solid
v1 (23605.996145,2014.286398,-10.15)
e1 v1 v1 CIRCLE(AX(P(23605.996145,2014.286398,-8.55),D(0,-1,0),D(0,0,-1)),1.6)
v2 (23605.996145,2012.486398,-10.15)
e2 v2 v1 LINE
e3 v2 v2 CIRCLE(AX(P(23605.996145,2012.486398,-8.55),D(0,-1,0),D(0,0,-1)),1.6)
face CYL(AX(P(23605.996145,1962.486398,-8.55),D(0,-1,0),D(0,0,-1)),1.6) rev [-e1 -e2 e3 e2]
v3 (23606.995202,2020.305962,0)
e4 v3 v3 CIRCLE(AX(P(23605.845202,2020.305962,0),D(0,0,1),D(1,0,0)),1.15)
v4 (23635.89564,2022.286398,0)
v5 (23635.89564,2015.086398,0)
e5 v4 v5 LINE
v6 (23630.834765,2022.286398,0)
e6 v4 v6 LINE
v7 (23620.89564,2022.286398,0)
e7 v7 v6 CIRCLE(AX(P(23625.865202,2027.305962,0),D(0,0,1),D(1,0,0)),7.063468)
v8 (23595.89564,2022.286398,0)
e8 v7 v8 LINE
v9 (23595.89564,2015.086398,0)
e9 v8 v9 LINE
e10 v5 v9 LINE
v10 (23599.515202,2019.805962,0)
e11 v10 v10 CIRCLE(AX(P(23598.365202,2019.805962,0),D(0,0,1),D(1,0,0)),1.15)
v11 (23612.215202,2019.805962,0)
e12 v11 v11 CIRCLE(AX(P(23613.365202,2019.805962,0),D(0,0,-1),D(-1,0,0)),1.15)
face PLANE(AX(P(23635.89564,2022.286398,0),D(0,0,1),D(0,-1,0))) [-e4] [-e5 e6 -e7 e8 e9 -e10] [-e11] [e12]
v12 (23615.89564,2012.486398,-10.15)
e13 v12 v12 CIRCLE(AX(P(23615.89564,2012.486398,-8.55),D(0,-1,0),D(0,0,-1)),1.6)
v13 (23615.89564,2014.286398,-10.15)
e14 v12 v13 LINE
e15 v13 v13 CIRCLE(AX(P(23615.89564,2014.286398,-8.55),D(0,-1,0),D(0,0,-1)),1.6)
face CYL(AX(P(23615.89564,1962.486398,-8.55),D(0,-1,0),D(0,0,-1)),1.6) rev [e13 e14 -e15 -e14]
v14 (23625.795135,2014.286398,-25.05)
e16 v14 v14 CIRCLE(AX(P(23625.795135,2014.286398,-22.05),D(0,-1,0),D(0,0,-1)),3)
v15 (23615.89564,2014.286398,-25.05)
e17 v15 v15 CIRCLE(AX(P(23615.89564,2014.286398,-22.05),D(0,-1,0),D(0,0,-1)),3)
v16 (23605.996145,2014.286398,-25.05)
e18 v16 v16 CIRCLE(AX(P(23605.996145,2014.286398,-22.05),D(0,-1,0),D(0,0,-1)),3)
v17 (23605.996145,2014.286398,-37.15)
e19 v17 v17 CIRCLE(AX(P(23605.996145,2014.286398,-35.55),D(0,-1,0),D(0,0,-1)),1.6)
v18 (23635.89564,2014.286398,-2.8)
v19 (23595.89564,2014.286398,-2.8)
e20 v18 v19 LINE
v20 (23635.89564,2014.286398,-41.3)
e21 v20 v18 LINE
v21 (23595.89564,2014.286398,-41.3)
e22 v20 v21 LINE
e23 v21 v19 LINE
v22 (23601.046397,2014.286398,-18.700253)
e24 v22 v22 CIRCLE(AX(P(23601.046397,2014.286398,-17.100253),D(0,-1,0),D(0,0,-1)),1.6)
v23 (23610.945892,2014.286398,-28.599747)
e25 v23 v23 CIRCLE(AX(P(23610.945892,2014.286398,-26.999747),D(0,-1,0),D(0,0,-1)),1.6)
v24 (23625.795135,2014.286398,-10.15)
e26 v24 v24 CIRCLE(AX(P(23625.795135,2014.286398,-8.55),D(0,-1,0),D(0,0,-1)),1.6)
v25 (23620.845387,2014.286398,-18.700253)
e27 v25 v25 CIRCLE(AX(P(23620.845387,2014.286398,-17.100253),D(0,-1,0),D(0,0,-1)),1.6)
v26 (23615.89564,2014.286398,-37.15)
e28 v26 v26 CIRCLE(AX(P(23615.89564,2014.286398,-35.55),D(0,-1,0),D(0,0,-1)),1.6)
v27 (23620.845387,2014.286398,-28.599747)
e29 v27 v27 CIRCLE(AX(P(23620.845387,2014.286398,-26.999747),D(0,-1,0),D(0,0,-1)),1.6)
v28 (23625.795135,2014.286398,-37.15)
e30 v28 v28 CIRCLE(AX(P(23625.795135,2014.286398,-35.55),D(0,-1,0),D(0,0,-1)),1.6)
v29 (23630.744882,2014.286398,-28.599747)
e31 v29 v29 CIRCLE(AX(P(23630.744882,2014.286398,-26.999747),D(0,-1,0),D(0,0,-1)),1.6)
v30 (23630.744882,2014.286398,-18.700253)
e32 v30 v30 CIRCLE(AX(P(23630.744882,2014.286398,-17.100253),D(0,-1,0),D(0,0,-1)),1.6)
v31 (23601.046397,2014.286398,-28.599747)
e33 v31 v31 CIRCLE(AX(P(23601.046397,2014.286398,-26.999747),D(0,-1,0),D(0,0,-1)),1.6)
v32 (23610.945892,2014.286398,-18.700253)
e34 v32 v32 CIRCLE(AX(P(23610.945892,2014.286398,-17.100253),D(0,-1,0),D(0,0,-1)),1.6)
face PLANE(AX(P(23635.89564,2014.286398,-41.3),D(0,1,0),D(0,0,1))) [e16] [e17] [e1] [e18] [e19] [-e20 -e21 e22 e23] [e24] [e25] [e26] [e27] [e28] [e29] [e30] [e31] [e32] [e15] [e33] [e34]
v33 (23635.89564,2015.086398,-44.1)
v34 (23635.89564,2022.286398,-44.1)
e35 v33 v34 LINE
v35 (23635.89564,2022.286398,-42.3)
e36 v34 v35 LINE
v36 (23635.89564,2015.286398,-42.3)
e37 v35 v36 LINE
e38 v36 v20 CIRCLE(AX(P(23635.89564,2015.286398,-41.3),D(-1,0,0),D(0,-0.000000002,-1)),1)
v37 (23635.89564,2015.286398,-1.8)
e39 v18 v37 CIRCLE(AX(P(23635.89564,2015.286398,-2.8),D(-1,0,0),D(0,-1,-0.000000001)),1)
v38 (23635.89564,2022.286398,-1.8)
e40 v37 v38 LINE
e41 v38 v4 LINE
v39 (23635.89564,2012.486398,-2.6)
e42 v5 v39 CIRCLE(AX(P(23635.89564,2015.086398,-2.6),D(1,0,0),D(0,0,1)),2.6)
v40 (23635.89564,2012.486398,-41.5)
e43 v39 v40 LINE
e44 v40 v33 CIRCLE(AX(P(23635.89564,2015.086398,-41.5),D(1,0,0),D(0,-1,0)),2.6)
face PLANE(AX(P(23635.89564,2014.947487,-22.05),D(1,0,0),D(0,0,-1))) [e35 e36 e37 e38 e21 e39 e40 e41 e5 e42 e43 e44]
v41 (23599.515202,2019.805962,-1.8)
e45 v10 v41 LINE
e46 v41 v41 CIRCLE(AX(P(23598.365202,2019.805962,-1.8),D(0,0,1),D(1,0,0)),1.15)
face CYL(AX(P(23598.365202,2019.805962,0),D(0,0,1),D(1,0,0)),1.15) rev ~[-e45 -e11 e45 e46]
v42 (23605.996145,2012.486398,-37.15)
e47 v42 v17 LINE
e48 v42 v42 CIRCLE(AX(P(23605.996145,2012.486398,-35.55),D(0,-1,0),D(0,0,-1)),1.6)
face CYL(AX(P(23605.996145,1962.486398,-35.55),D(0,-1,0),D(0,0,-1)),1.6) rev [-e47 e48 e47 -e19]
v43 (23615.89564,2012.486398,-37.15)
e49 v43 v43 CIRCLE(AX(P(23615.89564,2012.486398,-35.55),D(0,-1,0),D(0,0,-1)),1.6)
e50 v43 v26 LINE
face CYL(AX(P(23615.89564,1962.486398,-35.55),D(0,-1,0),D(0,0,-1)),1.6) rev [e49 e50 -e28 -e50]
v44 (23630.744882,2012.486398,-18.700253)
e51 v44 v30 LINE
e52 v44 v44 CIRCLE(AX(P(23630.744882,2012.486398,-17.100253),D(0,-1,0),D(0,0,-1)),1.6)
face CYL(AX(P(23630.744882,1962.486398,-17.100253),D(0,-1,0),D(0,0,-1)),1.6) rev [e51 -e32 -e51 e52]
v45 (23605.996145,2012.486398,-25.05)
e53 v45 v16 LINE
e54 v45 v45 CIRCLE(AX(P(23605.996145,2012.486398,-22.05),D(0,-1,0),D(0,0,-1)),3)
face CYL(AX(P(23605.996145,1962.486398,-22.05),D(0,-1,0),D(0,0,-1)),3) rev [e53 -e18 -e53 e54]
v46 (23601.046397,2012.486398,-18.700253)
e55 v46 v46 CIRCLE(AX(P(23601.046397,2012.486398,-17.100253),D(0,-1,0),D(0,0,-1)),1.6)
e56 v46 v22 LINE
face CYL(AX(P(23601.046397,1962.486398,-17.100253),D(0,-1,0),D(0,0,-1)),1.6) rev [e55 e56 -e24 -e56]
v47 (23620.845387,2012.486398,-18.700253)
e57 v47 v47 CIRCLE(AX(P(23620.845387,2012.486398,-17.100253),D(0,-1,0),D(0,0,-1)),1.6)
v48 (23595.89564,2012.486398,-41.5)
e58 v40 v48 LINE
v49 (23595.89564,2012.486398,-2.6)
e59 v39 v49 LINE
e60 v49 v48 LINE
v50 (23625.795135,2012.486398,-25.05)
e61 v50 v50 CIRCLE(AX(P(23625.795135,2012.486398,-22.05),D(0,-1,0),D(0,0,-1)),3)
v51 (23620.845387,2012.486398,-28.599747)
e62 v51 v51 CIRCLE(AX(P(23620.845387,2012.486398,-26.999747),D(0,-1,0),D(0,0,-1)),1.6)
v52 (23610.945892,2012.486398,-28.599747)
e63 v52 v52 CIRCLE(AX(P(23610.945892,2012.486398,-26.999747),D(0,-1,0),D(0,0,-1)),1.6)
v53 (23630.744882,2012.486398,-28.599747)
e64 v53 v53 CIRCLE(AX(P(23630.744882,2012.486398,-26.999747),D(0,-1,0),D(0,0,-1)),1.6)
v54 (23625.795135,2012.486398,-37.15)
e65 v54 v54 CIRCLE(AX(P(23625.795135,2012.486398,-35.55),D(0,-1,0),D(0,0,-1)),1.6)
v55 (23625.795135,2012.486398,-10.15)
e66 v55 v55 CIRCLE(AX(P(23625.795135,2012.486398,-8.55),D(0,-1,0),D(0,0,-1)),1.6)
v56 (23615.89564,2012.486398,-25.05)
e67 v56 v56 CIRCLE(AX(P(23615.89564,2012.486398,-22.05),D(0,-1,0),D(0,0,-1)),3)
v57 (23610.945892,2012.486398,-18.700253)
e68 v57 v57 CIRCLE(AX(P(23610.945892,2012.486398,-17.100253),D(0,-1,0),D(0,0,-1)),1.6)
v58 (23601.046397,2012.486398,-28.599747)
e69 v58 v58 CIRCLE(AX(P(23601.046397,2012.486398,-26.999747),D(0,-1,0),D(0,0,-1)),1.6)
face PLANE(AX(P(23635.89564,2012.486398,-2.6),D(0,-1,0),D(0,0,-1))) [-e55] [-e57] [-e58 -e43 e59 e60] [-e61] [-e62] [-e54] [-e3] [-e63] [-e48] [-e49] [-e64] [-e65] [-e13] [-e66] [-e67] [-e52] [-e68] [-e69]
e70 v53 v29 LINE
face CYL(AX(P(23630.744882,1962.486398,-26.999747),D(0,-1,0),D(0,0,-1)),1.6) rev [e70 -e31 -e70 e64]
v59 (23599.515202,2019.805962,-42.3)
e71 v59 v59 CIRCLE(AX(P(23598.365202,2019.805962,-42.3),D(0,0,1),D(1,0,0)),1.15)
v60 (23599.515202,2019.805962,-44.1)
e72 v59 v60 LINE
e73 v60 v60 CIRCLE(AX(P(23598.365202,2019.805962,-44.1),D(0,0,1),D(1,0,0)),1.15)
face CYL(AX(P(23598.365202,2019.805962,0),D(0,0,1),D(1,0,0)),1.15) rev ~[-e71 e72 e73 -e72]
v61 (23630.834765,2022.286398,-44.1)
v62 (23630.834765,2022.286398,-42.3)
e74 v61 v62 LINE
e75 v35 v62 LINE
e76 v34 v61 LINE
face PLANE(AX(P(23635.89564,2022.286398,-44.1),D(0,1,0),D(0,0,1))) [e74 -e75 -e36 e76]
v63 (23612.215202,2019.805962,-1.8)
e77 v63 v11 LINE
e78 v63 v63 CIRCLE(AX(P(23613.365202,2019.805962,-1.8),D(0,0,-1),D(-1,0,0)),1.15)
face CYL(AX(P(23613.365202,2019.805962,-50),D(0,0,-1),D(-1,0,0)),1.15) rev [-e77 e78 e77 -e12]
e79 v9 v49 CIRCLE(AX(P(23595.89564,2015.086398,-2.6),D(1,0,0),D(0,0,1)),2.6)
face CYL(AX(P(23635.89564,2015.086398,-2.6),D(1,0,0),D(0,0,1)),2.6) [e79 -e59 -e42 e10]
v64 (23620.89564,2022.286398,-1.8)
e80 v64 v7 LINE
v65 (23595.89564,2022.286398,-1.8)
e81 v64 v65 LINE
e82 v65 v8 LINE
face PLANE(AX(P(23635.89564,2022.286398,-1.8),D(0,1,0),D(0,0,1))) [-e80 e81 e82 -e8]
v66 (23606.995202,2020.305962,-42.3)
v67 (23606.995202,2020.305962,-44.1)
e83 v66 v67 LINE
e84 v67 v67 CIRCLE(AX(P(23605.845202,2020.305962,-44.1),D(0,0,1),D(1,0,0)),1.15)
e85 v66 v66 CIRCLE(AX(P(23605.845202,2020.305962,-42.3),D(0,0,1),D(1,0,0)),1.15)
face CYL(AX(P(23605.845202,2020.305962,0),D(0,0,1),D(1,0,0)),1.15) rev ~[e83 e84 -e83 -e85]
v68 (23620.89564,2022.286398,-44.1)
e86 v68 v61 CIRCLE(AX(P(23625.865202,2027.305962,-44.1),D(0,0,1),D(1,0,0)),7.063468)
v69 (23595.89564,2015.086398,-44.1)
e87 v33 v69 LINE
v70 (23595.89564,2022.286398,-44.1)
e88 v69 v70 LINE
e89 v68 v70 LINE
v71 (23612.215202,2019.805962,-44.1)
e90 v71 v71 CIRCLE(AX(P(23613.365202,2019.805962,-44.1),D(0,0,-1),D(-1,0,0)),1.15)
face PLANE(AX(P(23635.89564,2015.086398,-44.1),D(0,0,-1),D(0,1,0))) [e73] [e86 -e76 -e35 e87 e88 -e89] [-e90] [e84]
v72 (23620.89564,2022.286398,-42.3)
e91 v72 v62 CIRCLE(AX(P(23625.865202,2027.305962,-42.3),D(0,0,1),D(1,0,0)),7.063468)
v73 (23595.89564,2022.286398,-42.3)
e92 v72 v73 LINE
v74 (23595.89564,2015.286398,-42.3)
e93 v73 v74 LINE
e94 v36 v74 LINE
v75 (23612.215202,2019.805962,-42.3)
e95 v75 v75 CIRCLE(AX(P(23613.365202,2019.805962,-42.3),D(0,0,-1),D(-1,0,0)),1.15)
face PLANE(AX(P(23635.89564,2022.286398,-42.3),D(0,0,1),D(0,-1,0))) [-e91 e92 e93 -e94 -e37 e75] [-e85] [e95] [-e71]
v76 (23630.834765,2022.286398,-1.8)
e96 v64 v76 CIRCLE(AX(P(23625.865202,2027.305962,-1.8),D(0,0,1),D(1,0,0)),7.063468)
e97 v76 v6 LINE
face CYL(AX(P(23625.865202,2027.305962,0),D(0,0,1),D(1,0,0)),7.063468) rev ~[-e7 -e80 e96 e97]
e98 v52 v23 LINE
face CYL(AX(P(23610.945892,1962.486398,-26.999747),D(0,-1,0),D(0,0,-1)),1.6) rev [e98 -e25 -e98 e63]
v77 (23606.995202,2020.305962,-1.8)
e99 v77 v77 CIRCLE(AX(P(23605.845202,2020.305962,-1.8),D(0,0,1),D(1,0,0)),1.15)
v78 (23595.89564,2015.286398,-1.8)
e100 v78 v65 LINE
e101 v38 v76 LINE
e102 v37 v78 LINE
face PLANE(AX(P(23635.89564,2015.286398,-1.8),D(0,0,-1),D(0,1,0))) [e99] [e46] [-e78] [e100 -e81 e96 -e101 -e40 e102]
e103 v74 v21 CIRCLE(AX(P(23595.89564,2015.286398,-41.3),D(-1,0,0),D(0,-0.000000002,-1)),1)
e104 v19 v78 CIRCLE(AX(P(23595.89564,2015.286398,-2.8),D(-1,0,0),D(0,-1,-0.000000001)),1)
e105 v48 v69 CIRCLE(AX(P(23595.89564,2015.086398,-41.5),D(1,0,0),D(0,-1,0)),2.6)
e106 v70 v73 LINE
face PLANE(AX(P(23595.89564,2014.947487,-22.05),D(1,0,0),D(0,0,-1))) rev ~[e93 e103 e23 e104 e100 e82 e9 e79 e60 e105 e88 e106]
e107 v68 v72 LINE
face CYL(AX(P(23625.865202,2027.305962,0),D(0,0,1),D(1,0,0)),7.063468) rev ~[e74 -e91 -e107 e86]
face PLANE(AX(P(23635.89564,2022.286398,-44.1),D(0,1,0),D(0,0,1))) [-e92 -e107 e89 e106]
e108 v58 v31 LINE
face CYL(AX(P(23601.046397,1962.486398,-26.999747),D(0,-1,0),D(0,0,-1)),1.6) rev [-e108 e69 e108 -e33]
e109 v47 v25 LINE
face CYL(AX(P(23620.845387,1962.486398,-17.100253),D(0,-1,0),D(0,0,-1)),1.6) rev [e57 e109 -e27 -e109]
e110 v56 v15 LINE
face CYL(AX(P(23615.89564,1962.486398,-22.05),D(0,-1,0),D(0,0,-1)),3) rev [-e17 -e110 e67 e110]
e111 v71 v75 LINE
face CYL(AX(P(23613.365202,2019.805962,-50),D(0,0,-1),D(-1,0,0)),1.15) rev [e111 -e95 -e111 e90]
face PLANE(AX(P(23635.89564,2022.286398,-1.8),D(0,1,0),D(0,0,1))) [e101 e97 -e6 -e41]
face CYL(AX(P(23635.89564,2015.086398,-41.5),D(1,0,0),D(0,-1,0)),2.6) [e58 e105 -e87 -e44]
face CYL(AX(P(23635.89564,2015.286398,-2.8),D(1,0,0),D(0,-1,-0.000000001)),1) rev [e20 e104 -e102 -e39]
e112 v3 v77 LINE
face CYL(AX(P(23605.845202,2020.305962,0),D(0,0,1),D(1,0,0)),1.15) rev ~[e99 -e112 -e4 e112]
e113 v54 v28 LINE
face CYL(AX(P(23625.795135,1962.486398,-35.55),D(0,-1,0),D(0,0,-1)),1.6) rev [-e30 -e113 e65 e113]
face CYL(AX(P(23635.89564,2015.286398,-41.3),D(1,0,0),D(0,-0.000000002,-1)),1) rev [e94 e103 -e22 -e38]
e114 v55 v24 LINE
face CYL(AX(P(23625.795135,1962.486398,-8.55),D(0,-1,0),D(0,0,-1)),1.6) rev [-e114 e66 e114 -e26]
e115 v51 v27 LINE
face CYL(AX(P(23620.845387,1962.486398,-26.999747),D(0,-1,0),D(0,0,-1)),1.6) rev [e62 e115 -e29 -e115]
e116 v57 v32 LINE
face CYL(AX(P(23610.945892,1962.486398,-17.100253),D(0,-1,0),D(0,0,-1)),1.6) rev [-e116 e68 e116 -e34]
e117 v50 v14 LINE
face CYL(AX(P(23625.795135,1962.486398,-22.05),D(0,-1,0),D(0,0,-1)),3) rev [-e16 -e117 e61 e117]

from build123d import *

# Parameters (mm, degrees)
BOSS_EXTRUDE1_DEPTH     = 40
CUT_EXTRUDE1_DEPTH      = 13
CUT_EXTRUDE1_DEPTH_BACK = 50
SKETCH12_R              = 1.150000001
SKETCH14_R              = 1.150000001
CUT_EXTRUDE2_DEPTH      = 50
SKETCH15_R              = 1.150000001
CUT_EXTRUDE3_DEPTH      = 50
SKETCH18_R              = 7.063467882
CUT_EXTRUDE6_DEPTH      = 50
CUT_EXTRUDE8_DEPTH      = 50
CUT_EXTRUDE8_DEPTH_BACK = 50
SKETCH19_R              = 1.6
SKETCH19_R_2            = 2.999999999


with BuildPart() as part:
    # Sketch9 → Boss-Extrude1 (new body)
    with BuildSketch(Plane(origin=(23635.895639599, 0, 0), x_dir=(0, 0, -1), z_dir=(1, 0, 0))):
        with BuildLine():
            Line((44.099999999, 2015.086397777), (44.099999999, 2022.286397779))
            Line((44.099999999, 2022.286397779), (42.3, 2022.286397779))
            Line((42.3, 2022.286397779), (42.3, 2015.286397778))
            ThreePointArc((42.3, 2015.286397778), (42.007106781, 2014.579290998), (41.300000001, 2014.286397779))
            Line((41.300000001, 2014.286397779), (2.800000001, 2014.286397779))
            ThreePointArc((2.800000001, 2014.286397779), (2.092893219, 2014.579290997), (1.799999999, 2015.286397778))
            Line((1.799999999, 2015.286397778), (1.799999999, 2022.286397779))
            Line((1.799999999, 2022.286397779), (0, 2022.286397779))
            Line((0, 2022.286397779), (0, 2015.086397777))
            ThreePointArc((0, 2015.086397777), (0.761522369, 2013.247920146), (2.599999999, 2012.486397778))
            Line((2.599999999, 2012.486397778), (41.5, 2012.486397778))
            ThreePointArc((41.5, 2012.486397778), (43.33847763, 2013.247920146), (44.099999999, 2015.086397777))
        make_face()
    extrude(amount=-BOSS_EXTRUDE1_DEPTH)

    # Sketch12 → Cut-Extrude1 (cut, two sides: drawn at the far end of the back side and taken through both)
    with BuildSketch(Plane.XY.offset(-CUT_EXTRUDE1_DEPTH_BACK)):
        with Locations((23613.365202112, 2019.805962196)):
            Circle(SKETCH12_R)
    extrude(amount=CUT_EXTRUDE1_DEPTH + CUT_EXTRUDE1_DEPTH_BACK, mode=Mode.SUBTRACT)

    # Sketch14 → Cut-Extrude2 (cut)
    with BuildSketch(Plane.XY):
        with Locations((23605.845202113, 2020.305962197)):
            Circle(SKETCH14_R)
    extrude(amount=-CUT_EXTRUDE2_DEPTH, mode=Mode.SUBTRACT)

    # Sketch15 → Cut-Extrude3 (cut)
    with BuildSketch(Plane.XY):
        with Locations((23598.365202112, 2019.805962196)):
            Circle(SKETCH15_R)
    extrude(amount=-CUT_EXTRUDE3_DEPTH, mode=Mode.SUBTRACT)

    # Sketch18 → Cut-Extrude6 (cut)
    with BuildSketch(Plane.XY):
        with Locations((23625.865202113, 2027.305962196)):
            Circle(SKETCH18_R)
    extrude(amount=-CUT_EXTRUDE6_DEPTH, mode=Mode.SUBTRACT)

    # Sketch19 → Cut-Extrude8 (cut, two sides: drawn at the far end of the back side and taken through both)
    with BuildSketch(Plane(origin=(0, 2012.486397778, 0), x_dir=(-1, 0, 0), z_dir=(0, 1, 0)).offset(-CUT_EXTRUDE8_DEPTH_BACK)):
        with Locations((-23605.996144663, -8.550000002)):
            Circle(SKETCH19_R)
        with Locations((-23615.895639599, -8.550000002)):
            Circle(SKETCH19_R)
        with Locations((-23625.795134534, -8.550000002)):
            Circle(SKETCH19_R)
        with Locations((-23630.744882003, -17.100252533)):
            Circle(SKETCH19_R)
        with Locations((-23620.845387068, -17.100252533)):
            Circle(SKETCH19_R)
        with Locations((-23610.94589213, -17.100252533)):
            Circle(SKETCH19_R)
        with Locations((-23601.046397194, -17.100252533)):
            Circle(SKETCH19_R)
        with Locations((-23601.046397194, -26.999747469)):
            Circle(SKETCH19_R)
        with Locations((-23610.94589213, -26.999747469)):
            Circle(SKETCH19_R)
        with Locations((-23620.845387068, -26.999747469)):
            Circle(SKETCH19_R)
        with Locations((-23630.744882003, -26.999747469)):
            Circle(SKETCH19_R)
        with Locations((-23625.795134534, -35.550000002)):
            Circle(SKETCH19_R)
        with Locations((-23615.895639599, -35.550000002)):
            Circle(SKETCH19_R)
        with Locations((-23605.996144663, -35.550000002)):
            Circle(SKETCH19_R)
        with Locations((-23615.895639599, -22.050000002)):
            Circle(SKETCH19_R_2)
        with Locations((-23625.795134534, -22.050000002)):
            Circle(SKETCH19_R_2)
        with Locations((-23605.996144663, -22.050000002)):
            Circle(SKETCH19_R_2)
    extrude(amount=CUT_EXTRUDE8_DEPTH + CUT_EXTRUDE8_DEPTH_BACK, mode=Mode.SUBTRACT)


solid = part.part
